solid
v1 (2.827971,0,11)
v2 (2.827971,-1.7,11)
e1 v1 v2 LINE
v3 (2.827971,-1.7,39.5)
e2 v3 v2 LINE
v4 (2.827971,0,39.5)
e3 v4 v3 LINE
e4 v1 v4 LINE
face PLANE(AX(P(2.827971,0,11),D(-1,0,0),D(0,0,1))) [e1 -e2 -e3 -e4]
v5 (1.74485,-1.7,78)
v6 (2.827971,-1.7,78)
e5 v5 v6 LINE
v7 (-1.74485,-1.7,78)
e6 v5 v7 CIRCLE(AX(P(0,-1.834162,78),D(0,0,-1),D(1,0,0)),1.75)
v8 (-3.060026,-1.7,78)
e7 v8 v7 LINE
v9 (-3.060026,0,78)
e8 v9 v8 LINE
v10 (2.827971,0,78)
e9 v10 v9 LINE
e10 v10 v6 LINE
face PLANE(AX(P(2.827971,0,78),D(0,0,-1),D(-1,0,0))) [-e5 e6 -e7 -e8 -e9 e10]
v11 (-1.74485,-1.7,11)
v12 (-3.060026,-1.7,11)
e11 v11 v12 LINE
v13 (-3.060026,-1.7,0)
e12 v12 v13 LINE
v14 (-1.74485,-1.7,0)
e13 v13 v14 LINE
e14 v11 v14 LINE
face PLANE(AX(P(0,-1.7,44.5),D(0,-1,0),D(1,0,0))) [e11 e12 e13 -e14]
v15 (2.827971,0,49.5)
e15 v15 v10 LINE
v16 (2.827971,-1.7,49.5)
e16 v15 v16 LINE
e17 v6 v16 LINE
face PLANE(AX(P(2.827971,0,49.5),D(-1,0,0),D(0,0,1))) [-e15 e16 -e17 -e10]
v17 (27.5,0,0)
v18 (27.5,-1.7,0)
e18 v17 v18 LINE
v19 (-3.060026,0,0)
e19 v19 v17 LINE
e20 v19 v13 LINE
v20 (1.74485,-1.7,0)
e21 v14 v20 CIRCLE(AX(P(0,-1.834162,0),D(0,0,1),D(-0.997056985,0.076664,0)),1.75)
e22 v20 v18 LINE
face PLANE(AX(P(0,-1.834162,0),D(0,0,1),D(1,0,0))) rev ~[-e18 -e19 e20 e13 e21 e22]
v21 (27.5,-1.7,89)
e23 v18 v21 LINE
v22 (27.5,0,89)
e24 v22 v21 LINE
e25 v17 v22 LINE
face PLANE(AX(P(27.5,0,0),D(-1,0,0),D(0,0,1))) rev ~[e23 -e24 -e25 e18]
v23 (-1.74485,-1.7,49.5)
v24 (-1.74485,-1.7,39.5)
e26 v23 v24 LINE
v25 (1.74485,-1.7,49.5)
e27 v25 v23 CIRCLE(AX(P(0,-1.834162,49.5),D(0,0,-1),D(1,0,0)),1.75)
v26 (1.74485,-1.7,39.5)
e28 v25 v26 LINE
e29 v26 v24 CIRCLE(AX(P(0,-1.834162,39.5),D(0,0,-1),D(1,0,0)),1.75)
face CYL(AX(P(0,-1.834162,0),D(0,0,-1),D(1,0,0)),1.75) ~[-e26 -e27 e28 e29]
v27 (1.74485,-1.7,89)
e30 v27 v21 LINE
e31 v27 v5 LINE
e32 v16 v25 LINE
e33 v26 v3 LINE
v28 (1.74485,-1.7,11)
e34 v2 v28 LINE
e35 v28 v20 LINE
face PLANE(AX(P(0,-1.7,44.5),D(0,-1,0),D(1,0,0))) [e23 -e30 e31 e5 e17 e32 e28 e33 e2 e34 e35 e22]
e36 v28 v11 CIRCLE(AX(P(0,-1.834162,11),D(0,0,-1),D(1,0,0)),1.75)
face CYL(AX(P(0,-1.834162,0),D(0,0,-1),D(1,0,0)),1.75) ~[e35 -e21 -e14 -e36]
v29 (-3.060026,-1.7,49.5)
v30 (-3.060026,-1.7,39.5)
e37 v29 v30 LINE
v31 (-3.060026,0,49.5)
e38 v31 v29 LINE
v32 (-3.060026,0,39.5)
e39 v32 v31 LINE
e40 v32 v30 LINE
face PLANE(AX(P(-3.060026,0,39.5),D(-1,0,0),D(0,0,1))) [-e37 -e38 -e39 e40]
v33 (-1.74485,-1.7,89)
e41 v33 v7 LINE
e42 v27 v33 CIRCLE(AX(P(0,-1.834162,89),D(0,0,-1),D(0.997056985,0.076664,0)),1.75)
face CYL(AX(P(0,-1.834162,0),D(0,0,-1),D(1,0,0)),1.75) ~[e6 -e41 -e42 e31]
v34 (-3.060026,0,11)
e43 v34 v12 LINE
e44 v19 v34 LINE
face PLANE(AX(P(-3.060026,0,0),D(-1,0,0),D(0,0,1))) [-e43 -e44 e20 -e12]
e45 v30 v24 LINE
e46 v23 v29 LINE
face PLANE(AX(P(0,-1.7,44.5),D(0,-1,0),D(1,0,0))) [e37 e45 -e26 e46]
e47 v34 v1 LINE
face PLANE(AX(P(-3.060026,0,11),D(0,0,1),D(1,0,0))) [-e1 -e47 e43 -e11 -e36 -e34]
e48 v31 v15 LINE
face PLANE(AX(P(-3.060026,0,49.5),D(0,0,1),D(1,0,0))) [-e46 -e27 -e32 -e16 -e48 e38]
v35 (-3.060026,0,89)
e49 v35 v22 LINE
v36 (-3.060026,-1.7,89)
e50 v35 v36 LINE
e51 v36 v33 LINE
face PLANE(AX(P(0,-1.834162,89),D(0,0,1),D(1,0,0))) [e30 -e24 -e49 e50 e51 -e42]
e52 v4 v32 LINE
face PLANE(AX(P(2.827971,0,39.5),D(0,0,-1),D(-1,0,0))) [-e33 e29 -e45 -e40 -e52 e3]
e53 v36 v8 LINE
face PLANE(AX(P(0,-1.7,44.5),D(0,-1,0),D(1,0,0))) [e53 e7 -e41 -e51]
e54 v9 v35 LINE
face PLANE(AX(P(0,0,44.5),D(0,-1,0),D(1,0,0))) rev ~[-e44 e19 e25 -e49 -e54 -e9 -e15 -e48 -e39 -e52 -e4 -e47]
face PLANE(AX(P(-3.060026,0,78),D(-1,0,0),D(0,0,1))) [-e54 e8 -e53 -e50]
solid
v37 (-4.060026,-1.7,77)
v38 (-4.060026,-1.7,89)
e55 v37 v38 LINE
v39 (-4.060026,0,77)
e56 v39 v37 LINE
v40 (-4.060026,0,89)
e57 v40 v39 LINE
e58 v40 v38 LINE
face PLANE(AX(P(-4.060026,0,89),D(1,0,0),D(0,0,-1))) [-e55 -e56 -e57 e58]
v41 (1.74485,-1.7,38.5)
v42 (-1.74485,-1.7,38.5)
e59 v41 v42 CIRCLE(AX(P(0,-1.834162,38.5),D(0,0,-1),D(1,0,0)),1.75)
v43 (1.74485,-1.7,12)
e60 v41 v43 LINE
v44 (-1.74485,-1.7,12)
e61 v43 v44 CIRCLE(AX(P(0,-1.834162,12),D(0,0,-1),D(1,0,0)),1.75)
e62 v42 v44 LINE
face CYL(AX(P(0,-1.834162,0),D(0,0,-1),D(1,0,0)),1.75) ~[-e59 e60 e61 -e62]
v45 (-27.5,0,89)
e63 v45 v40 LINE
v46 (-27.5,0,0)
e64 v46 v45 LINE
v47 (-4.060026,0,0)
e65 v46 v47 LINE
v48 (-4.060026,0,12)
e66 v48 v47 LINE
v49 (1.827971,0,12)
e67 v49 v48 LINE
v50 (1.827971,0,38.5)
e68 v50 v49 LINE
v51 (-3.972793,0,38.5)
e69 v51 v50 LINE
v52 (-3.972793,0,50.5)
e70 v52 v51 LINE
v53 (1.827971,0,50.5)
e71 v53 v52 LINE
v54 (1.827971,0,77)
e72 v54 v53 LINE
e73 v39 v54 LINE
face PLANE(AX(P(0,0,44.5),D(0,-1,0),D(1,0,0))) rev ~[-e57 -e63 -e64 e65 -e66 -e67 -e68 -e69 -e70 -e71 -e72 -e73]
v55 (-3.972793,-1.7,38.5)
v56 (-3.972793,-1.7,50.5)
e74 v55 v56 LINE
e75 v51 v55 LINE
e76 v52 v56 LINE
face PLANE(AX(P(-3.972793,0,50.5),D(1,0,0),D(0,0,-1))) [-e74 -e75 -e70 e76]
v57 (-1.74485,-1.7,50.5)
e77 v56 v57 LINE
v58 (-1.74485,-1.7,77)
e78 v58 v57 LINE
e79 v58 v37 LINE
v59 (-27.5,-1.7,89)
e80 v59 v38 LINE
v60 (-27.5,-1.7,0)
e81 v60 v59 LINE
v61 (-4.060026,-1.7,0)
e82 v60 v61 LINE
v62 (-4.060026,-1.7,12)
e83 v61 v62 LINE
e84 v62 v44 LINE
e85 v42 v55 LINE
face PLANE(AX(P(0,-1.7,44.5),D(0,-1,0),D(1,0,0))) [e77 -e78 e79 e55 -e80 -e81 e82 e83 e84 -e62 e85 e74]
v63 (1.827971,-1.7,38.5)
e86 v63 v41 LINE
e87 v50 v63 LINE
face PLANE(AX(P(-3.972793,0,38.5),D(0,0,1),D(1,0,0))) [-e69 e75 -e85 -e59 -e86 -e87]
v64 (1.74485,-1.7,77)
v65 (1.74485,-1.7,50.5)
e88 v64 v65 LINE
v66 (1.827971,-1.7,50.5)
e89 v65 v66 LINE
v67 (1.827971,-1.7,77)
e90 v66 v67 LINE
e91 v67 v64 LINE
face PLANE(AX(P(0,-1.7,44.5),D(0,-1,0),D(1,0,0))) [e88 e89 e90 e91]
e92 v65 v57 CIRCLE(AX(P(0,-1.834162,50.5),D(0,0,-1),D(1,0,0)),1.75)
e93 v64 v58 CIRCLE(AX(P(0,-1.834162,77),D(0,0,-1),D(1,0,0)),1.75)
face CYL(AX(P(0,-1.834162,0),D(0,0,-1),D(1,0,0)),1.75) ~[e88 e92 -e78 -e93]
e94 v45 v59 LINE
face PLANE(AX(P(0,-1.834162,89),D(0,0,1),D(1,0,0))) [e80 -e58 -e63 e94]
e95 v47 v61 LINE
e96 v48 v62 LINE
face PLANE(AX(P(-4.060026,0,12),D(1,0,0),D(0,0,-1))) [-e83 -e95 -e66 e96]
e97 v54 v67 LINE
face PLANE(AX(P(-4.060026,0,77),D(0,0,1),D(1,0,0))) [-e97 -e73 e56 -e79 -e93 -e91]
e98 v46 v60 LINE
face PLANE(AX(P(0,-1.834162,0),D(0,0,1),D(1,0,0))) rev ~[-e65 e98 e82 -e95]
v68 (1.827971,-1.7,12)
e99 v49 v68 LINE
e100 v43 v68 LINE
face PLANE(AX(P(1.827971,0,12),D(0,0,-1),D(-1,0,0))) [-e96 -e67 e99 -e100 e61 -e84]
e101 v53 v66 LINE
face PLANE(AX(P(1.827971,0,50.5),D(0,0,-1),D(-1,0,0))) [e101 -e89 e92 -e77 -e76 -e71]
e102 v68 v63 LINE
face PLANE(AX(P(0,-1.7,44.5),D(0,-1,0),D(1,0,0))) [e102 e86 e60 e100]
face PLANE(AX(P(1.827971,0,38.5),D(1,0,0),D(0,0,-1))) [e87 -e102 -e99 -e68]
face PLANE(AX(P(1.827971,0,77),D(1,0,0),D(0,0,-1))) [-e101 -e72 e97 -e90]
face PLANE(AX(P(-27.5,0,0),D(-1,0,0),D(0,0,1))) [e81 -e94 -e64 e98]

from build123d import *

# Parameters (mm, degrees)
F0_W     = 55
F0_H     = 89
F1_DEPTH = 1.7
F2_R     = 1.75
F3_DEPTH = 89
F5_DEPTH = 3.585162


with BuildPart() as f1:
    # F0 (on Front) → F1 (new body)
    with BuildSketch(Plane.XZ):
        with Locations((0, 44.5)):
            Rectangle(F0_W, F0_H)
    extrude(amount=F1_DEPTH)

    # F2 (on Top) → F3 (join, through all)
    with BuildSketch(Plane.XY):
        with Locations((0, -1.834162)):
            Circle(F2_R)
    extrude(amount=F3_DEPTH)

    # F4 (on Front) → F5 (cut, through all)
    with BuildSketch(Plane.XZ):
        Polygon((-3.060026, 89), (-4.060026, 89), (-4.060026, 77), (1.827971, 77), (1.827971, 50.5), (-3.972793, 50.5), (-3.972793, 38.5), (1.827971, 38.5), (1.827971, 12), (-4.060026, 12), (-4.060026, 0), (-3.060026, 0), (-3.060026, 11), (2.827971, 11), (2.827971, 39.5), (-3.060026, 39.5), (-3.060026, 49.5), (2.827971, 49.5), (2.827971, 78), (-3.060026, 78), align=None)
    extrude(amount=F5_DEPTH, mode=Mode.SUBTRACT)


solid = f1.part
